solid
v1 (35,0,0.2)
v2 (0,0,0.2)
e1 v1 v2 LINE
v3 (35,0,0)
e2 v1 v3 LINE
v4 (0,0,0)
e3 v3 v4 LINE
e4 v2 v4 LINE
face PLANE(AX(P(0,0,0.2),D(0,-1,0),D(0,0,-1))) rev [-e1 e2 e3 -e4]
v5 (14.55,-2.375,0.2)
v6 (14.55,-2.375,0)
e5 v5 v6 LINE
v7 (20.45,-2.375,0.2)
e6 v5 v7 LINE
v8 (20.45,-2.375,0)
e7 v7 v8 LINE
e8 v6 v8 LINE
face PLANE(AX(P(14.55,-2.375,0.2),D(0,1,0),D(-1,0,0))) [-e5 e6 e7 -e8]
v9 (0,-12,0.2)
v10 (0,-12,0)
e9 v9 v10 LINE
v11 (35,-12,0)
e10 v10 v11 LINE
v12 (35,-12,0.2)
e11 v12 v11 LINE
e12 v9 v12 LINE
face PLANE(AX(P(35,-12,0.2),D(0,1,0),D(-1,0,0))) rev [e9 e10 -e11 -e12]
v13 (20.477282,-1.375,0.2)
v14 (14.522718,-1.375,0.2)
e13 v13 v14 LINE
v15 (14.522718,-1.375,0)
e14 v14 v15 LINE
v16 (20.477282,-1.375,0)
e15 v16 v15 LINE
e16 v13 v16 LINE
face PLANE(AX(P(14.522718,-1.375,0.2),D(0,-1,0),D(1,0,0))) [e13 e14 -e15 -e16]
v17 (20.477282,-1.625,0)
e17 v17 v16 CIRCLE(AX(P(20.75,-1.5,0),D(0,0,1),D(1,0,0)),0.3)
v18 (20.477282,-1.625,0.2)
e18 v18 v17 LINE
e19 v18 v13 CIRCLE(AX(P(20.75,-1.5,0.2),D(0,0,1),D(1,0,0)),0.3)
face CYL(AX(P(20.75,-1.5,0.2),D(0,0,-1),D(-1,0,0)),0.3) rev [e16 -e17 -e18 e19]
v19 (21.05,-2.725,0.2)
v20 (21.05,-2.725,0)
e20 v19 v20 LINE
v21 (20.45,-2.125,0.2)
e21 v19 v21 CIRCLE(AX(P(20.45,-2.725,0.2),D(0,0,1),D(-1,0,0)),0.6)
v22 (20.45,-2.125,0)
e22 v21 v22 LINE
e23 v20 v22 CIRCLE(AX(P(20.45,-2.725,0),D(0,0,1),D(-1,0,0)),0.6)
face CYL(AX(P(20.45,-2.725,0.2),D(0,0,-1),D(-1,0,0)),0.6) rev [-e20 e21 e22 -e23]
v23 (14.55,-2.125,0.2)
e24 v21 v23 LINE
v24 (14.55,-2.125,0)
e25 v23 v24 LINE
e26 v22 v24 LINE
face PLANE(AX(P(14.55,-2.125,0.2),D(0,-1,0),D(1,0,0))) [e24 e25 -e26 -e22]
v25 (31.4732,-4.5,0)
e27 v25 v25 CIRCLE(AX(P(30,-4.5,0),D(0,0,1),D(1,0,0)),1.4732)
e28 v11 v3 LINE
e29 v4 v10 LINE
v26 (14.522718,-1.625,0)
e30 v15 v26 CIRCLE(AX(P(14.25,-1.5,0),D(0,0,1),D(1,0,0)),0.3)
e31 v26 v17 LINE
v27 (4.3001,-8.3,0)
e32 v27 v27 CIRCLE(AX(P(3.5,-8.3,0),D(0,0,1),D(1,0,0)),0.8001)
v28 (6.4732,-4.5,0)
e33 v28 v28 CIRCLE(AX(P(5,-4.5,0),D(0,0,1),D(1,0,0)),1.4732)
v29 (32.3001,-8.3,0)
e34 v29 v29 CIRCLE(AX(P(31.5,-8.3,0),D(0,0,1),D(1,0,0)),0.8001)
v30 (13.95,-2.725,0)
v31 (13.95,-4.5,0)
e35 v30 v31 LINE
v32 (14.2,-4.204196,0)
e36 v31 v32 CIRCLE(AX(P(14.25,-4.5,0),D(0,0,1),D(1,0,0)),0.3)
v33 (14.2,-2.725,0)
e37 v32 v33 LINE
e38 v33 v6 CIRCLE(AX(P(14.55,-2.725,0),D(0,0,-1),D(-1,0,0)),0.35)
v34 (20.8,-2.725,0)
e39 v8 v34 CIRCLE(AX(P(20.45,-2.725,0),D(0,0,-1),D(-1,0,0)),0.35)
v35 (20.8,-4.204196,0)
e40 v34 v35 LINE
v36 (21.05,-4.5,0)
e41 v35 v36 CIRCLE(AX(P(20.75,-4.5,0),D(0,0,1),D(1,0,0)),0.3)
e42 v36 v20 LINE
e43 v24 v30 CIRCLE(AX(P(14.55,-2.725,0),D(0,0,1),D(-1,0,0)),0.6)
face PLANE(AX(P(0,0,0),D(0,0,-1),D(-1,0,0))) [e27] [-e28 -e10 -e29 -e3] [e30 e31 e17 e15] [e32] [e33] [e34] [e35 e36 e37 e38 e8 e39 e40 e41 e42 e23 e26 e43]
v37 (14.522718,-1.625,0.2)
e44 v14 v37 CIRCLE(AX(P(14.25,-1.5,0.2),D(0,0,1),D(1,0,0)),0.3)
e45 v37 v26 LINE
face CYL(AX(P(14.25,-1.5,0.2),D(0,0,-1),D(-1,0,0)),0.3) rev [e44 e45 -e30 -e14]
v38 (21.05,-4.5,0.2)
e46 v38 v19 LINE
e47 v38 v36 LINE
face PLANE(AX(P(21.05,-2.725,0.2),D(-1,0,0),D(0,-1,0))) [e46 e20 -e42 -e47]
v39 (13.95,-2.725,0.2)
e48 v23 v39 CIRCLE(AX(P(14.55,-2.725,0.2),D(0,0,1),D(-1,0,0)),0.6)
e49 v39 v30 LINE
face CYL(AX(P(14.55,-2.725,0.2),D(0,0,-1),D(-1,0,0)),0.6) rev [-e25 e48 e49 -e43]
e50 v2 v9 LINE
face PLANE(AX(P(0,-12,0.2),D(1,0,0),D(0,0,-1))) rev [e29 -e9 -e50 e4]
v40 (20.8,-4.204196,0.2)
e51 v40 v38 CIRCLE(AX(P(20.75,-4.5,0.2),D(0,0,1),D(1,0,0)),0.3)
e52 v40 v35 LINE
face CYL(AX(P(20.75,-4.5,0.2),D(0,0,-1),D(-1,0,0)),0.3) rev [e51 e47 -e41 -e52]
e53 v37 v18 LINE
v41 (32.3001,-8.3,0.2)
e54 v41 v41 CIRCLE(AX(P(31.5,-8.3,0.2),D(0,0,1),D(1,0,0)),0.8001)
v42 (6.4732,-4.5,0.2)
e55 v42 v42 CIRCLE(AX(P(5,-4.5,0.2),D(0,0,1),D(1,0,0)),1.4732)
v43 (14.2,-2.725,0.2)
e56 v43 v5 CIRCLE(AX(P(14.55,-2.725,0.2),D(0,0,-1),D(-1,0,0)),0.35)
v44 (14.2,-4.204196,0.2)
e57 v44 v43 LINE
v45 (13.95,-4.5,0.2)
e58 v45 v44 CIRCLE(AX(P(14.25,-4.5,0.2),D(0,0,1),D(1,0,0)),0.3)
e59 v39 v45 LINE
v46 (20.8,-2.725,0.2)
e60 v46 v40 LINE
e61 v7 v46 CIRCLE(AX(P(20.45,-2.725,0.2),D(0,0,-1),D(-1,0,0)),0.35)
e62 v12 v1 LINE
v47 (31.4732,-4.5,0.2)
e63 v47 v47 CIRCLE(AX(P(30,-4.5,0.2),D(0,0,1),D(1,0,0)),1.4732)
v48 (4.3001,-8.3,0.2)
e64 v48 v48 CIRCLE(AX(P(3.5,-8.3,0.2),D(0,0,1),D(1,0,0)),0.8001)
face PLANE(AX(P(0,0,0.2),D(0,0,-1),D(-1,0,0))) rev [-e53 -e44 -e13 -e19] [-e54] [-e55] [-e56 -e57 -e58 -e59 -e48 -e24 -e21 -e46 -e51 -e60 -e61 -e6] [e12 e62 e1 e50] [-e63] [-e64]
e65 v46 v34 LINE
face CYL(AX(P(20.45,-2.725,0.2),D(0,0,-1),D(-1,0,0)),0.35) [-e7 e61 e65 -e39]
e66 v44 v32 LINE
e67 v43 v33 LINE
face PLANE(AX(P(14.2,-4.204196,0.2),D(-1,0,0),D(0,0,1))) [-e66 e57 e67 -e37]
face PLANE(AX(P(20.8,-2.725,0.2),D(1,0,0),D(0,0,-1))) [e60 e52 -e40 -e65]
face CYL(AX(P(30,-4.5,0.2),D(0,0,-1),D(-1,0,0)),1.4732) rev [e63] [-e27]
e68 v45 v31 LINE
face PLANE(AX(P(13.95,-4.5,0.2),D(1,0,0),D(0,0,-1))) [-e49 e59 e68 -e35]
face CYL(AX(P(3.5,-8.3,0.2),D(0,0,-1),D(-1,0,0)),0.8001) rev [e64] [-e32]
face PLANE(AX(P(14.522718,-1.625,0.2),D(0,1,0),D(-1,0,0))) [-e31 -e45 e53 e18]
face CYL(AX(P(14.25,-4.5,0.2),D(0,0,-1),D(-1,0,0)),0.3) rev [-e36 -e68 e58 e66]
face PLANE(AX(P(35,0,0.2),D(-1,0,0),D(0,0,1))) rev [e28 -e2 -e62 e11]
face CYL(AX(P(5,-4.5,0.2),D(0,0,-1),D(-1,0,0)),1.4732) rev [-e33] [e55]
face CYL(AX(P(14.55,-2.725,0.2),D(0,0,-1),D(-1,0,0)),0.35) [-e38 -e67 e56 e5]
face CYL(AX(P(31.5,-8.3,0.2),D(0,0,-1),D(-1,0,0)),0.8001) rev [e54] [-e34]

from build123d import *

# Parameters (mm, degrees)
SKETCH1_W           = 35
SKETCH1_H           = 12
SKETCH1_R           = 0.8001
SKETCH1_R_2         = 1.4732
BOSS_EXTRUDE1_DEPTH = 0.2


with BuildPart() as part:
    # Sketch1 → Boss-Extrude1 (new body)
    with BuildSketch(Plane.XY):
        with Locations((17.5, -6)):
            Rectangle(SKETCH1_W, SKETCH1_H)
        with Locations((3.5, -8.3)):
            Circle(SKETCH1_R, mode=Mode.SUBTRACT)
        with Locations((5, -4.5)):
            Circle(SKETCH1_R_2, mode=Mode.SUBTRACT)
        with Locations((30, -4.5)):
            Circle(SKETCH1_R_2, mode=Mode.SUBTRACT)
        with Locations((31.5, -8.3)):
            Circle(SKETCH1_R, mode=Mode.SUBTRACT)
        with BuildLine():
            Line((14.522717803, -1.375), (20.477282197, -1.375))
            ThreePointArc((20.477282197, -1.375), (21.05, -1.5), (20.477282197, -1.625))
            Line((20.477282197, -1.625), (14.522717803, -1.625))
            ThreePointArc((14.522717803, -1.625), (13.95, -1.5), (14.522717803, -1.375))
        make_face(mode=Mode.SUBTRACT)
        with BuildLine():
            Line((13.95, -4.5), (13.95, -2.725))
            ThreePointArc((13.95, -2.725), (14.125735931, -2.300735931), (14.55, -2.125))
            Line((14.55, -2.125), (20.45, -2.125))
            ThreePointArc((20.45, -2.125), (20.874264069, -2.300735931), (21.05, -2.725))
            Line((21.05, -2.725), (21.05, -4.5))
            ThreePointArc((21.05, -4.5), (20.520871215, -4.693649167), (20.8, -4.204196011))
            Line((20.8, -4.204196011), (20.8, -2.725))
            ThreePointArc((20.8, -2.725), (20.697487373, -2.477512627), (20.45, -2.375))
            Line((20.45, -2.375), (14.55, -2.375))
            ThreePointArc((14.55, -2.375), (14.302512627, -2.477512627), (14.2, -2.725))
            Line((14.2, -2.725), (14.2, -4.204196011))
            ThreePointArc((14.2, -4.204196011), (14.479128785, -4.693649167), (13.95, -4.5))
        make_face(mode=Mode.SUBTRACT)
    extrude(amount=BOSS_EXTRUDE1_DEPTH)


solid = part.part
